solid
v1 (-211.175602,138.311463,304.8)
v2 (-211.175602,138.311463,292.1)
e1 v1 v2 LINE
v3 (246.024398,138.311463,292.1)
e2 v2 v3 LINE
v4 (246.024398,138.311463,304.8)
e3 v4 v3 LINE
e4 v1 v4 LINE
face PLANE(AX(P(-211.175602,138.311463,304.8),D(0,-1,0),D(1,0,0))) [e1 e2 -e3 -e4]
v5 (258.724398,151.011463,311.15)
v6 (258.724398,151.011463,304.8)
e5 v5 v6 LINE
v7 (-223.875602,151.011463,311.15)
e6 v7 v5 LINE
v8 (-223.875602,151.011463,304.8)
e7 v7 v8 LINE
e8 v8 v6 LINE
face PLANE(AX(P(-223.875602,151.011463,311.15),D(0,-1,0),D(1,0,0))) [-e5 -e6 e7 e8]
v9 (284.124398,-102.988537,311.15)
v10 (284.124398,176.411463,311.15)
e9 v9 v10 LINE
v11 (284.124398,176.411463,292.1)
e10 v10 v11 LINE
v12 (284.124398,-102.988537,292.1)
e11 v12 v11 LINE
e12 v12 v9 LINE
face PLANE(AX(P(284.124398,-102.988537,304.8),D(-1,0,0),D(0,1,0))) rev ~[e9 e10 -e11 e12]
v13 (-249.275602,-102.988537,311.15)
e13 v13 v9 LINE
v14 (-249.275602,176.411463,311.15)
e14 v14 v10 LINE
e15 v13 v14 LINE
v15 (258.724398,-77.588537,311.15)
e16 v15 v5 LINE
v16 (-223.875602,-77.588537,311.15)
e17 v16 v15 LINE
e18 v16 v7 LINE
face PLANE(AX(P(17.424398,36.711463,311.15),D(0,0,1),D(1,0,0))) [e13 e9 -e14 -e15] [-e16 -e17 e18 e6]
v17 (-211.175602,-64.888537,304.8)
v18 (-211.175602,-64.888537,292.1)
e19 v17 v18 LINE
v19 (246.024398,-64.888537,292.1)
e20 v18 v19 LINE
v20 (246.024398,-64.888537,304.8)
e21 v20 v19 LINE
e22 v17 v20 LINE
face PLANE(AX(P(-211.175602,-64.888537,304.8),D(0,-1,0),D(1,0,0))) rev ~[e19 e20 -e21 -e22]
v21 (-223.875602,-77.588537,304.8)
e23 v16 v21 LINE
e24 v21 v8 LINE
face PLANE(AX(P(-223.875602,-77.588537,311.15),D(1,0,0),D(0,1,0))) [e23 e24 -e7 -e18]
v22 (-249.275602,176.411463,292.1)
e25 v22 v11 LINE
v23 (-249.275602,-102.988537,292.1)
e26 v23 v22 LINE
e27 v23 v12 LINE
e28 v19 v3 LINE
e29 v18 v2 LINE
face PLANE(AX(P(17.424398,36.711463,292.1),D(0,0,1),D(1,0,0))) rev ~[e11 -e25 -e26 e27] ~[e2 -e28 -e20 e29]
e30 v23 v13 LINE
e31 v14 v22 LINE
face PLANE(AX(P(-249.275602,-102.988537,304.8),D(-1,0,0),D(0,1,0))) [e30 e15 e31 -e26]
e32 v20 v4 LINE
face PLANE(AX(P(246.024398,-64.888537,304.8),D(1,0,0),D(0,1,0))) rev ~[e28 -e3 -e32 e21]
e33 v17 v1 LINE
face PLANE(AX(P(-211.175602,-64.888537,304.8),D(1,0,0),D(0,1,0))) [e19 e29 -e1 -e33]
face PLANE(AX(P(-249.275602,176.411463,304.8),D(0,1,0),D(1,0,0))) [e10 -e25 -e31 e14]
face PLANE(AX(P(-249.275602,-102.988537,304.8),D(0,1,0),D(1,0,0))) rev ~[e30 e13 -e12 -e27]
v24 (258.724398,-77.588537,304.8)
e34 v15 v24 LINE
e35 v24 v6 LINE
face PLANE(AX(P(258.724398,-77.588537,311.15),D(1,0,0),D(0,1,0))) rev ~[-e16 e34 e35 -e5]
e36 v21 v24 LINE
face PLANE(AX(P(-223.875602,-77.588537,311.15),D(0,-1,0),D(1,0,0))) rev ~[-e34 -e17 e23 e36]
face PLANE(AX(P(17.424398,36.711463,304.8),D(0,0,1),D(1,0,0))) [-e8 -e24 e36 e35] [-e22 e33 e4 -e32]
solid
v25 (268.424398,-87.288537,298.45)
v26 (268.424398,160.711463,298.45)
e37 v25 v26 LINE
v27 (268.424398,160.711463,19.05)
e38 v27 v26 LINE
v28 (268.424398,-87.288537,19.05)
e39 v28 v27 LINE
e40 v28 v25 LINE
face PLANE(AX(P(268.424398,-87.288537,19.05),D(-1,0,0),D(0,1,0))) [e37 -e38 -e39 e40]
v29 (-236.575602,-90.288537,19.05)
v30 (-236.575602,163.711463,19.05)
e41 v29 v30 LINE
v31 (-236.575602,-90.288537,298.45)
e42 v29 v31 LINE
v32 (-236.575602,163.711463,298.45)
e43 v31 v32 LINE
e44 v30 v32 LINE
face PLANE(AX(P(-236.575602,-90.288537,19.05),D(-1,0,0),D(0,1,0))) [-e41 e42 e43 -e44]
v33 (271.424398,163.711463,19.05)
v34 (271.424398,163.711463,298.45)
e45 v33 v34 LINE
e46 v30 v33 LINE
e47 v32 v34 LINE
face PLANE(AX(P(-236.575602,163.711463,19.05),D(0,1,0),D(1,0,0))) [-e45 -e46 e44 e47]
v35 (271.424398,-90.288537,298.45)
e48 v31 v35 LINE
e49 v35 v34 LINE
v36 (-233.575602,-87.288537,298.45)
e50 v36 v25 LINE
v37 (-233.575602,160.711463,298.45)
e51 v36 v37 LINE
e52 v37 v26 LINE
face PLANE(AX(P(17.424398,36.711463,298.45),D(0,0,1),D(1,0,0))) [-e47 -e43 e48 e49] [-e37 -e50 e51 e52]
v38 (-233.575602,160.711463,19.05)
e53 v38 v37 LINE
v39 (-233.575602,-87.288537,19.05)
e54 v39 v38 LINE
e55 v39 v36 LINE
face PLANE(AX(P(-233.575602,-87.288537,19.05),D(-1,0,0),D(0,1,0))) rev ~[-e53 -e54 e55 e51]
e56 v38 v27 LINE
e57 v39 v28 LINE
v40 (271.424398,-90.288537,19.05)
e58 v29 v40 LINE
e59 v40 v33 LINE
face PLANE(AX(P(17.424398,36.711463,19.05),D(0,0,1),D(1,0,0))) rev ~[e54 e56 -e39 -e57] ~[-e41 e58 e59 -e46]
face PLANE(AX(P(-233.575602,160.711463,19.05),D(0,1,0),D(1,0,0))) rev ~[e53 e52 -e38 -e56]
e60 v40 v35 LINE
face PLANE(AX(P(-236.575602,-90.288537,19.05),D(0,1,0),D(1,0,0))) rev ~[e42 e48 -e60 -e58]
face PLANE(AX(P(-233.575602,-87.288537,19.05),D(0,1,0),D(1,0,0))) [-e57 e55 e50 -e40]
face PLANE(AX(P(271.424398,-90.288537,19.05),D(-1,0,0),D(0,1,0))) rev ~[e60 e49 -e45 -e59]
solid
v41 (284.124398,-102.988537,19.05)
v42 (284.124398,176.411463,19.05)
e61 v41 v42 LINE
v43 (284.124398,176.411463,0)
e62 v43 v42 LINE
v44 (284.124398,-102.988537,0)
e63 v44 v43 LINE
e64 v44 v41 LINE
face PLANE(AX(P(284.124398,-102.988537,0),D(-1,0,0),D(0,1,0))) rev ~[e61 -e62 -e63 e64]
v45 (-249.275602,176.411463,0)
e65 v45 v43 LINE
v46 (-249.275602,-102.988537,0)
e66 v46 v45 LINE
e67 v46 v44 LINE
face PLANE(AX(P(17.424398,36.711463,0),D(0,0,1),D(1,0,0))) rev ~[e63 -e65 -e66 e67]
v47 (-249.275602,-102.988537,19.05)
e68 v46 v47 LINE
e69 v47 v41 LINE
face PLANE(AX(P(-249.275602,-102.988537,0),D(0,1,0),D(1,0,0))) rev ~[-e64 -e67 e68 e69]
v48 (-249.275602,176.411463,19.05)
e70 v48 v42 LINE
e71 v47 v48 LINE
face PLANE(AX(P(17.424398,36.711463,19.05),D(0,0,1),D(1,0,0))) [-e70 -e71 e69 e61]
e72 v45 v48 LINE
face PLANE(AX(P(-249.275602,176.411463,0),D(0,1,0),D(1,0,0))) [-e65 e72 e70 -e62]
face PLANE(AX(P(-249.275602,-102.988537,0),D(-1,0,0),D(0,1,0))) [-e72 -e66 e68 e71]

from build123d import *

# Parameters (mm, degrees)
F0_W      = 533.4
F0_H      = 279.4
F1_DEPTH  = 19.05
F2_W      = 508
F2_H      = 254
F2_W_2    = 502
F2_H_2    = 248
F3_DEPTH  = 279.4
F4_W      = 533.4
F4_H      = 279.4
F5_DEPTH  = 6.35
F6_W      = 533.4
F6_H      = 279.4
F7_DEPTH  = 6.35
F8_W      = 482.6
F8_H      = 228.6
F9_DEPTH  = 6.35
F10_W     = 457.2
F10_H     = 203.2
F11_DEPTH = 25.4


with BuildPart() as f1:
    # F0 (on Top) → F1 (new body)
    with BuildSketch(Plane.XY):
        with Locations((17.4243982553, 36.711462517)):
            Rectangle(F0_W, F0_H)
    extrude(amount=F1_DEPTH)


with BuildPart() as f3:
    # F2 (on face) → F3 (new body)
    with BuildSketch(Plane.XY.offset(19.05)):
        with Locations((17.4243982553, 36.711462517)):
            Rectangle(F2_W, F2_H)
        with Locations((17.4243982553, 36.711462517)):
            Rectangle(F2_W_2, F2_H_2, mode=Mode.SUBTRACT)
    extrude(amount=F3_DEPTH)


with BuildPart() as f5:
    # F4 (on face) → F5 (new body, symmetric)
    with BuildSketch(Plane.XY.offset(298.45)):
        with Locations((17.4243982553, 36.711462517)):
            Rectangle(F4_W, F4_H)
    extrude(amount=F5_DEPTH, both=True)

    # F6 (on face) → F7 (join)
    with BuildSketch(Plane.XY.offset(304.8)):
        with Locations((17.4243982553, 36.711462517)):
            Rectangle(F6_W, F6_H)
    extrude(amount=F7_DEPTH)

    # F8 (on face) → F9 (cut)
    with BuildSketch(Plane.XY.offset(311.15)):
        with Locations((17.4243982553, 36.711462517)):
            Rectangle(F8_W, F8_H)
    extrude(amount=-F9_DEPTH, mode=Mode.SUBTRACT)

    # F10 (on face) → F11 (cut)
    with BuildSketch(Plane.XY.offset(304.8)):
        with Locations((17.4243982553, 36.711462517)):
            Rectangle(F10_W, F10_H)
    extrude(amount=-F11_DEPTH, mode=Mode.SUBTRACT)


solid = Compound([f1.part, f3.part, f5.part])
